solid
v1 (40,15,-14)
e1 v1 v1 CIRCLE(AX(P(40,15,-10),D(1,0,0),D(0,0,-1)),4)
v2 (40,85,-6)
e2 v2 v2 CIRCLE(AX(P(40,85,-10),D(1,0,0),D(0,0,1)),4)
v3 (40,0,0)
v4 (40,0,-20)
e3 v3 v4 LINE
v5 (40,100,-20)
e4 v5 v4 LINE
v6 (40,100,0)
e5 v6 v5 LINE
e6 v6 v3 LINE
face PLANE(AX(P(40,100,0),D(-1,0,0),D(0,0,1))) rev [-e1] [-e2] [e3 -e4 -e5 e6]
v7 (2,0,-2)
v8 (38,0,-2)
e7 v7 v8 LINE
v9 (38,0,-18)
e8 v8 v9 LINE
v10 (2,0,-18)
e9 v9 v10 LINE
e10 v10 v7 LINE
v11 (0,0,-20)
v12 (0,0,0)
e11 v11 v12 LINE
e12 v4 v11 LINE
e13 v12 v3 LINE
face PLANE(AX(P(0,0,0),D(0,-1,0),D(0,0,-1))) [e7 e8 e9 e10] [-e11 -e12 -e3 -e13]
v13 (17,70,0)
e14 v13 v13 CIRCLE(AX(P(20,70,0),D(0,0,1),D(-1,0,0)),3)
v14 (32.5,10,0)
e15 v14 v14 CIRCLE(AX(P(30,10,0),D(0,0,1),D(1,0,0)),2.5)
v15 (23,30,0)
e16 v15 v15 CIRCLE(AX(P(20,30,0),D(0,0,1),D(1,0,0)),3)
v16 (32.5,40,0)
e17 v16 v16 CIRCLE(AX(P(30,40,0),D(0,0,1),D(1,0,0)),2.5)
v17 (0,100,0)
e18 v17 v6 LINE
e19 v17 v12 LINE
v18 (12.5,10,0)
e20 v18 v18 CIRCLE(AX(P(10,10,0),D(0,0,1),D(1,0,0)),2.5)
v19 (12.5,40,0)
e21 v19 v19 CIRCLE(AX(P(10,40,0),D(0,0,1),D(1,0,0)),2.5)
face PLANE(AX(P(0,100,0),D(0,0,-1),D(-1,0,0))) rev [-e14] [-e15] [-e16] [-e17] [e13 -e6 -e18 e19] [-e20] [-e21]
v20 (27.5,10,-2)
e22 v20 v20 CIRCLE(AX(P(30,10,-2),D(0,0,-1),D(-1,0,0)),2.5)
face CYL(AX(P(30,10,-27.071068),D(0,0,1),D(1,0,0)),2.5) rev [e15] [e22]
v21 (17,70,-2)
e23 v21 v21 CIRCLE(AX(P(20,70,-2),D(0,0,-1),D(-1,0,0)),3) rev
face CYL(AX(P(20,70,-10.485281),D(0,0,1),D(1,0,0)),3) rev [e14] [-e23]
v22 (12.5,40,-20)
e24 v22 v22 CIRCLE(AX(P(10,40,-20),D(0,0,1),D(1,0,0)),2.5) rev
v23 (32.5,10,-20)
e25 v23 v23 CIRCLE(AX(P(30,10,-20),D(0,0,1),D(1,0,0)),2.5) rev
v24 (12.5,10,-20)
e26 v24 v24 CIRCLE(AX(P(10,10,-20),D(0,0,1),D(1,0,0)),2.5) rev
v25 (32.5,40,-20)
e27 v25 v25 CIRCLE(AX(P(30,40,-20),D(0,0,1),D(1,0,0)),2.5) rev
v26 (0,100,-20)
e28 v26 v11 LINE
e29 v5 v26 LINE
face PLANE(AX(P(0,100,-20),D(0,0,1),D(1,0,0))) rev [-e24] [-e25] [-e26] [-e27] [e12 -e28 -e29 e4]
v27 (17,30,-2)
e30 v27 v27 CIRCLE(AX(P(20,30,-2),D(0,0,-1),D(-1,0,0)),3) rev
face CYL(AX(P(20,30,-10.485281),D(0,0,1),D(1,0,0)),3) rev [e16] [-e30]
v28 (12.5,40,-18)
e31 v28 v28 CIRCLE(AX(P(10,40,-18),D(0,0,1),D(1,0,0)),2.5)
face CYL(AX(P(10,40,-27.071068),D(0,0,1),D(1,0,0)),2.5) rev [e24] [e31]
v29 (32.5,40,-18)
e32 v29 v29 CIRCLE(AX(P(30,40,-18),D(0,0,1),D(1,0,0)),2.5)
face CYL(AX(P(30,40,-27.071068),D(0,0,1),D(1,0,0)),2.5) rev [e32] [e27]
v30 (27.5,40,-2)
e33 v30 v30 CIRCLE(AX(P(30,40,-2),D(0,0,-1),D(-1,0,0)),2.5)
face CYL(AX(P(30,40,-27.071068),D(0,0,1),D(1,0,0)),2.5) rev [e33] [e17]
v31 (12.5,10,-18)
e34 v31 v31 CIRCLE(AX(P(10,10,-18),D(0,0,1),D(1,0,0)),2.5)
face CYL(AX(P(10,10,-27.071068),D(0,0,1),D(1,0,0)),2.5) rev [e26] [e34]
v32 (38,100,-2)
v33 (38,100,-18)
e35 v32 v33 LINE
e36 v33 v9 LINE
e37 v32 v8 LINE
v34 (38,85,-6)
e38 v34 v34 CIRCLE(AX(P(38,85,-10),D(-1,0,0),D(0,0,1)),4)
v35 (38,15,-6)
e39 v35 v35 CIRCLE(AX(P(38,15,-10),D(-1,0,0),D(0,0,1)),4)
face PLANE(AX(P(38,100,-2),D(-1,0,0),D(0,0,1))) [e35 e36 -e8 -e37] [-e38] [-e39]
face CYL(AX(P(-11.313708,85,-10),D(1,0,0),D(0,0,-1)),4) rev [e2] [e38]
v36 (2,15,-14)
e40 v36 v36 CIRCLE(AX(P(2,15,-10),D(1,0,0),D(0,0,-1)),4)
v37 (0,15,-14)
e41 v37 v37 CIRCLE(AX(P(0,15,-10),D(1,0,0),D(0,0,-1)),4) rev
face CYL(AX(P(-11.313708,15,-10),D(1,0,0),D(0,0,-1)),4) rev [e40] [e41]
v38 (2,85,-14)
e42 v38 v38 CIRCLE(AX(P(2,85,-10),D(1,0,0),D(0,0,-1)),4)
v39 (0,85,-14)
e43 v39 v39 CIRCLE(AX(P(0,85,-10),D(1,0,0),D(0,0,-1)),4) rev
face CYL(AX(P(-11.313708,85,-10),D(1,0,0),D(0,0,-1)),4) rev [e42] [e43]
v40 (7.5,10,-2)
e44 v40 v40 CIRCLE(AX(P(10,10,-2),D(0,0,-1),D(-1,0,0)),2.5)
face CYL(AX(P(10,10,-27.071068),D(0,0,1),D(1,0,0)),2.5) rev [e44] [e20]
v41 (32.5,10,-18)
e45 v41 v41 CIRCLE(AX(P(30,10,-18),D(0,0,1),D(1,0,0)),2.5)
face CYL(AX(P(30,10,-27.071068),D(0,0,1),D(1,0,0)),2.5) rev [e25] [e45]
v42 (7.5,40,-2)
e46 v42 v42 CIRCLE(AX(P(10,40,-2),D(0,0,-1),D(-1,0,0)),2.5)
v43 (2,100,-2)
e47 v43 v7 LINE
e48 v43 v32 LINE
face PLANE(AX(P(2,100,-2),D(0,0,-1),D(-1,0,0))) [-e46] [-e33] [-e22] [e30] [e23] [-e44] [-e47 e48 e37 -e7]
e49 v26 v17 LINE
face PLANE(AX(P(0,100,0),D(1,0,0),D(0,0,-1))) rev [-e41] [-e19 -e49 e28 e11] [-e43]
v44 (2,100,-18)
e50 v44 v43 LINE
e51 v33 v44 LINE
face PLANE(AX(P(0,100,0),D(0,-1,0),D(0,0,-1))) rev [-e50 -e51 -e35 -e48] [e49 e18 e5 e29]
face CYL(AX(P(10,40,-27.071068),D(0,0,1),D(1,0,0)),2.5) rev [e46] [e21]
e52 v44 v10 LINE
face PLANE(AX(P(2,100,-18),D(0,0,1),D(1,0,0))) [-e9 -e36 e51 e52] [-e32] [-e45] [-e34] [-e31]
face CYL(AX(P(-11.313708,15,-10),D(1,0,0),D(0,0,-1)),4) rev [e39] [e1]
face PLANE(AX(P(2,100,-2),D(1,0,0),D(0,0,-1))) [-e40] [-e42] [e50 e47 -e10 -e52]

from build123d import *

# Parameters (mm, degrees)
SKICA1_W                 = 40
SKICA1_H                 = 20
SKICA1_W_2               = 36
SKICA1_H_2               = 16
P_IDAT_VYSUNUT_M1_DEPTH  = 100
SKICA2_R                 = 4
ODEBRAT_VYSUNUT_M1_DEPTH = 40
SKETCH1_R                = 2.5
CUT_EXTRUDE1_DEPTH       = 20
SKETCH2_R                = 3
CUT_EXTRUDE2_DEPTH       = 2


with BuildPart() as part:
    # Skica1 → Přidat vysunutím1 (new body)
    with BuildSketch(Plane(origin=(0, 0, 0), x_dir=(1, 0, 0), z_dir=(0, 1, 0))):
        with Locations((20, 10)):
            Rectangle(SKICA1_W, SKICA1_H)
        with Locations((20, 10)):
            Rectangle(SKICA1_W_2, SKICA1_H_2, mode=Mode.SUBTRACT)
    extrude(amount=P_IDAT_VYSUNUT_M1_DEPTH)

    # Skica2 → Odebrat vysunutím1 (cut)
    with BuildSketch(Plane(origin=(40, 0, 0), x_dir=(0, 0, -1), z_dir=(1, 0, 0))):
        with Locations((10, 85)):
            Circle(SKICA2_R)
        with Locations((10, 15)):
            Circle(SKICA2_R)
    extrude(amount=-ODEBRAT_VYSUNUT_M1_DEPTH, mode=Mode.SUBTRACT)

    # Sketch1 → Cut-Extrude1 (cut)
    with BuildSketch(Plane.XY):
        with Locations((10, 10)):
            Circle(SKETCH1_R)
        with Locations((30, 10)):
            Circle(SKETCH1_R)
        with Locations((30, 40)):
            Circle(SKETCH1_R)
        with Locations((10, 40)):
            Circle(SKETCH1_R)
    extrude(amount=-CUT_EXTRUDE1_DEPTH, mode=Mode.SUBTRACT)

    # Sketch2 → Cut-Extrude2 (cut)
    with BuildSketch(Plane.XY):
        with Locations((20, 30)):
            Circle(SKETCH2_R)
        with Locations((20, 70)):
            Circle(SKETCH2_R)
    extrude(amount=-CUT_EXTRUDE2_DEPTH, mode=Mode.SUBTRACT)


solid = part.part
